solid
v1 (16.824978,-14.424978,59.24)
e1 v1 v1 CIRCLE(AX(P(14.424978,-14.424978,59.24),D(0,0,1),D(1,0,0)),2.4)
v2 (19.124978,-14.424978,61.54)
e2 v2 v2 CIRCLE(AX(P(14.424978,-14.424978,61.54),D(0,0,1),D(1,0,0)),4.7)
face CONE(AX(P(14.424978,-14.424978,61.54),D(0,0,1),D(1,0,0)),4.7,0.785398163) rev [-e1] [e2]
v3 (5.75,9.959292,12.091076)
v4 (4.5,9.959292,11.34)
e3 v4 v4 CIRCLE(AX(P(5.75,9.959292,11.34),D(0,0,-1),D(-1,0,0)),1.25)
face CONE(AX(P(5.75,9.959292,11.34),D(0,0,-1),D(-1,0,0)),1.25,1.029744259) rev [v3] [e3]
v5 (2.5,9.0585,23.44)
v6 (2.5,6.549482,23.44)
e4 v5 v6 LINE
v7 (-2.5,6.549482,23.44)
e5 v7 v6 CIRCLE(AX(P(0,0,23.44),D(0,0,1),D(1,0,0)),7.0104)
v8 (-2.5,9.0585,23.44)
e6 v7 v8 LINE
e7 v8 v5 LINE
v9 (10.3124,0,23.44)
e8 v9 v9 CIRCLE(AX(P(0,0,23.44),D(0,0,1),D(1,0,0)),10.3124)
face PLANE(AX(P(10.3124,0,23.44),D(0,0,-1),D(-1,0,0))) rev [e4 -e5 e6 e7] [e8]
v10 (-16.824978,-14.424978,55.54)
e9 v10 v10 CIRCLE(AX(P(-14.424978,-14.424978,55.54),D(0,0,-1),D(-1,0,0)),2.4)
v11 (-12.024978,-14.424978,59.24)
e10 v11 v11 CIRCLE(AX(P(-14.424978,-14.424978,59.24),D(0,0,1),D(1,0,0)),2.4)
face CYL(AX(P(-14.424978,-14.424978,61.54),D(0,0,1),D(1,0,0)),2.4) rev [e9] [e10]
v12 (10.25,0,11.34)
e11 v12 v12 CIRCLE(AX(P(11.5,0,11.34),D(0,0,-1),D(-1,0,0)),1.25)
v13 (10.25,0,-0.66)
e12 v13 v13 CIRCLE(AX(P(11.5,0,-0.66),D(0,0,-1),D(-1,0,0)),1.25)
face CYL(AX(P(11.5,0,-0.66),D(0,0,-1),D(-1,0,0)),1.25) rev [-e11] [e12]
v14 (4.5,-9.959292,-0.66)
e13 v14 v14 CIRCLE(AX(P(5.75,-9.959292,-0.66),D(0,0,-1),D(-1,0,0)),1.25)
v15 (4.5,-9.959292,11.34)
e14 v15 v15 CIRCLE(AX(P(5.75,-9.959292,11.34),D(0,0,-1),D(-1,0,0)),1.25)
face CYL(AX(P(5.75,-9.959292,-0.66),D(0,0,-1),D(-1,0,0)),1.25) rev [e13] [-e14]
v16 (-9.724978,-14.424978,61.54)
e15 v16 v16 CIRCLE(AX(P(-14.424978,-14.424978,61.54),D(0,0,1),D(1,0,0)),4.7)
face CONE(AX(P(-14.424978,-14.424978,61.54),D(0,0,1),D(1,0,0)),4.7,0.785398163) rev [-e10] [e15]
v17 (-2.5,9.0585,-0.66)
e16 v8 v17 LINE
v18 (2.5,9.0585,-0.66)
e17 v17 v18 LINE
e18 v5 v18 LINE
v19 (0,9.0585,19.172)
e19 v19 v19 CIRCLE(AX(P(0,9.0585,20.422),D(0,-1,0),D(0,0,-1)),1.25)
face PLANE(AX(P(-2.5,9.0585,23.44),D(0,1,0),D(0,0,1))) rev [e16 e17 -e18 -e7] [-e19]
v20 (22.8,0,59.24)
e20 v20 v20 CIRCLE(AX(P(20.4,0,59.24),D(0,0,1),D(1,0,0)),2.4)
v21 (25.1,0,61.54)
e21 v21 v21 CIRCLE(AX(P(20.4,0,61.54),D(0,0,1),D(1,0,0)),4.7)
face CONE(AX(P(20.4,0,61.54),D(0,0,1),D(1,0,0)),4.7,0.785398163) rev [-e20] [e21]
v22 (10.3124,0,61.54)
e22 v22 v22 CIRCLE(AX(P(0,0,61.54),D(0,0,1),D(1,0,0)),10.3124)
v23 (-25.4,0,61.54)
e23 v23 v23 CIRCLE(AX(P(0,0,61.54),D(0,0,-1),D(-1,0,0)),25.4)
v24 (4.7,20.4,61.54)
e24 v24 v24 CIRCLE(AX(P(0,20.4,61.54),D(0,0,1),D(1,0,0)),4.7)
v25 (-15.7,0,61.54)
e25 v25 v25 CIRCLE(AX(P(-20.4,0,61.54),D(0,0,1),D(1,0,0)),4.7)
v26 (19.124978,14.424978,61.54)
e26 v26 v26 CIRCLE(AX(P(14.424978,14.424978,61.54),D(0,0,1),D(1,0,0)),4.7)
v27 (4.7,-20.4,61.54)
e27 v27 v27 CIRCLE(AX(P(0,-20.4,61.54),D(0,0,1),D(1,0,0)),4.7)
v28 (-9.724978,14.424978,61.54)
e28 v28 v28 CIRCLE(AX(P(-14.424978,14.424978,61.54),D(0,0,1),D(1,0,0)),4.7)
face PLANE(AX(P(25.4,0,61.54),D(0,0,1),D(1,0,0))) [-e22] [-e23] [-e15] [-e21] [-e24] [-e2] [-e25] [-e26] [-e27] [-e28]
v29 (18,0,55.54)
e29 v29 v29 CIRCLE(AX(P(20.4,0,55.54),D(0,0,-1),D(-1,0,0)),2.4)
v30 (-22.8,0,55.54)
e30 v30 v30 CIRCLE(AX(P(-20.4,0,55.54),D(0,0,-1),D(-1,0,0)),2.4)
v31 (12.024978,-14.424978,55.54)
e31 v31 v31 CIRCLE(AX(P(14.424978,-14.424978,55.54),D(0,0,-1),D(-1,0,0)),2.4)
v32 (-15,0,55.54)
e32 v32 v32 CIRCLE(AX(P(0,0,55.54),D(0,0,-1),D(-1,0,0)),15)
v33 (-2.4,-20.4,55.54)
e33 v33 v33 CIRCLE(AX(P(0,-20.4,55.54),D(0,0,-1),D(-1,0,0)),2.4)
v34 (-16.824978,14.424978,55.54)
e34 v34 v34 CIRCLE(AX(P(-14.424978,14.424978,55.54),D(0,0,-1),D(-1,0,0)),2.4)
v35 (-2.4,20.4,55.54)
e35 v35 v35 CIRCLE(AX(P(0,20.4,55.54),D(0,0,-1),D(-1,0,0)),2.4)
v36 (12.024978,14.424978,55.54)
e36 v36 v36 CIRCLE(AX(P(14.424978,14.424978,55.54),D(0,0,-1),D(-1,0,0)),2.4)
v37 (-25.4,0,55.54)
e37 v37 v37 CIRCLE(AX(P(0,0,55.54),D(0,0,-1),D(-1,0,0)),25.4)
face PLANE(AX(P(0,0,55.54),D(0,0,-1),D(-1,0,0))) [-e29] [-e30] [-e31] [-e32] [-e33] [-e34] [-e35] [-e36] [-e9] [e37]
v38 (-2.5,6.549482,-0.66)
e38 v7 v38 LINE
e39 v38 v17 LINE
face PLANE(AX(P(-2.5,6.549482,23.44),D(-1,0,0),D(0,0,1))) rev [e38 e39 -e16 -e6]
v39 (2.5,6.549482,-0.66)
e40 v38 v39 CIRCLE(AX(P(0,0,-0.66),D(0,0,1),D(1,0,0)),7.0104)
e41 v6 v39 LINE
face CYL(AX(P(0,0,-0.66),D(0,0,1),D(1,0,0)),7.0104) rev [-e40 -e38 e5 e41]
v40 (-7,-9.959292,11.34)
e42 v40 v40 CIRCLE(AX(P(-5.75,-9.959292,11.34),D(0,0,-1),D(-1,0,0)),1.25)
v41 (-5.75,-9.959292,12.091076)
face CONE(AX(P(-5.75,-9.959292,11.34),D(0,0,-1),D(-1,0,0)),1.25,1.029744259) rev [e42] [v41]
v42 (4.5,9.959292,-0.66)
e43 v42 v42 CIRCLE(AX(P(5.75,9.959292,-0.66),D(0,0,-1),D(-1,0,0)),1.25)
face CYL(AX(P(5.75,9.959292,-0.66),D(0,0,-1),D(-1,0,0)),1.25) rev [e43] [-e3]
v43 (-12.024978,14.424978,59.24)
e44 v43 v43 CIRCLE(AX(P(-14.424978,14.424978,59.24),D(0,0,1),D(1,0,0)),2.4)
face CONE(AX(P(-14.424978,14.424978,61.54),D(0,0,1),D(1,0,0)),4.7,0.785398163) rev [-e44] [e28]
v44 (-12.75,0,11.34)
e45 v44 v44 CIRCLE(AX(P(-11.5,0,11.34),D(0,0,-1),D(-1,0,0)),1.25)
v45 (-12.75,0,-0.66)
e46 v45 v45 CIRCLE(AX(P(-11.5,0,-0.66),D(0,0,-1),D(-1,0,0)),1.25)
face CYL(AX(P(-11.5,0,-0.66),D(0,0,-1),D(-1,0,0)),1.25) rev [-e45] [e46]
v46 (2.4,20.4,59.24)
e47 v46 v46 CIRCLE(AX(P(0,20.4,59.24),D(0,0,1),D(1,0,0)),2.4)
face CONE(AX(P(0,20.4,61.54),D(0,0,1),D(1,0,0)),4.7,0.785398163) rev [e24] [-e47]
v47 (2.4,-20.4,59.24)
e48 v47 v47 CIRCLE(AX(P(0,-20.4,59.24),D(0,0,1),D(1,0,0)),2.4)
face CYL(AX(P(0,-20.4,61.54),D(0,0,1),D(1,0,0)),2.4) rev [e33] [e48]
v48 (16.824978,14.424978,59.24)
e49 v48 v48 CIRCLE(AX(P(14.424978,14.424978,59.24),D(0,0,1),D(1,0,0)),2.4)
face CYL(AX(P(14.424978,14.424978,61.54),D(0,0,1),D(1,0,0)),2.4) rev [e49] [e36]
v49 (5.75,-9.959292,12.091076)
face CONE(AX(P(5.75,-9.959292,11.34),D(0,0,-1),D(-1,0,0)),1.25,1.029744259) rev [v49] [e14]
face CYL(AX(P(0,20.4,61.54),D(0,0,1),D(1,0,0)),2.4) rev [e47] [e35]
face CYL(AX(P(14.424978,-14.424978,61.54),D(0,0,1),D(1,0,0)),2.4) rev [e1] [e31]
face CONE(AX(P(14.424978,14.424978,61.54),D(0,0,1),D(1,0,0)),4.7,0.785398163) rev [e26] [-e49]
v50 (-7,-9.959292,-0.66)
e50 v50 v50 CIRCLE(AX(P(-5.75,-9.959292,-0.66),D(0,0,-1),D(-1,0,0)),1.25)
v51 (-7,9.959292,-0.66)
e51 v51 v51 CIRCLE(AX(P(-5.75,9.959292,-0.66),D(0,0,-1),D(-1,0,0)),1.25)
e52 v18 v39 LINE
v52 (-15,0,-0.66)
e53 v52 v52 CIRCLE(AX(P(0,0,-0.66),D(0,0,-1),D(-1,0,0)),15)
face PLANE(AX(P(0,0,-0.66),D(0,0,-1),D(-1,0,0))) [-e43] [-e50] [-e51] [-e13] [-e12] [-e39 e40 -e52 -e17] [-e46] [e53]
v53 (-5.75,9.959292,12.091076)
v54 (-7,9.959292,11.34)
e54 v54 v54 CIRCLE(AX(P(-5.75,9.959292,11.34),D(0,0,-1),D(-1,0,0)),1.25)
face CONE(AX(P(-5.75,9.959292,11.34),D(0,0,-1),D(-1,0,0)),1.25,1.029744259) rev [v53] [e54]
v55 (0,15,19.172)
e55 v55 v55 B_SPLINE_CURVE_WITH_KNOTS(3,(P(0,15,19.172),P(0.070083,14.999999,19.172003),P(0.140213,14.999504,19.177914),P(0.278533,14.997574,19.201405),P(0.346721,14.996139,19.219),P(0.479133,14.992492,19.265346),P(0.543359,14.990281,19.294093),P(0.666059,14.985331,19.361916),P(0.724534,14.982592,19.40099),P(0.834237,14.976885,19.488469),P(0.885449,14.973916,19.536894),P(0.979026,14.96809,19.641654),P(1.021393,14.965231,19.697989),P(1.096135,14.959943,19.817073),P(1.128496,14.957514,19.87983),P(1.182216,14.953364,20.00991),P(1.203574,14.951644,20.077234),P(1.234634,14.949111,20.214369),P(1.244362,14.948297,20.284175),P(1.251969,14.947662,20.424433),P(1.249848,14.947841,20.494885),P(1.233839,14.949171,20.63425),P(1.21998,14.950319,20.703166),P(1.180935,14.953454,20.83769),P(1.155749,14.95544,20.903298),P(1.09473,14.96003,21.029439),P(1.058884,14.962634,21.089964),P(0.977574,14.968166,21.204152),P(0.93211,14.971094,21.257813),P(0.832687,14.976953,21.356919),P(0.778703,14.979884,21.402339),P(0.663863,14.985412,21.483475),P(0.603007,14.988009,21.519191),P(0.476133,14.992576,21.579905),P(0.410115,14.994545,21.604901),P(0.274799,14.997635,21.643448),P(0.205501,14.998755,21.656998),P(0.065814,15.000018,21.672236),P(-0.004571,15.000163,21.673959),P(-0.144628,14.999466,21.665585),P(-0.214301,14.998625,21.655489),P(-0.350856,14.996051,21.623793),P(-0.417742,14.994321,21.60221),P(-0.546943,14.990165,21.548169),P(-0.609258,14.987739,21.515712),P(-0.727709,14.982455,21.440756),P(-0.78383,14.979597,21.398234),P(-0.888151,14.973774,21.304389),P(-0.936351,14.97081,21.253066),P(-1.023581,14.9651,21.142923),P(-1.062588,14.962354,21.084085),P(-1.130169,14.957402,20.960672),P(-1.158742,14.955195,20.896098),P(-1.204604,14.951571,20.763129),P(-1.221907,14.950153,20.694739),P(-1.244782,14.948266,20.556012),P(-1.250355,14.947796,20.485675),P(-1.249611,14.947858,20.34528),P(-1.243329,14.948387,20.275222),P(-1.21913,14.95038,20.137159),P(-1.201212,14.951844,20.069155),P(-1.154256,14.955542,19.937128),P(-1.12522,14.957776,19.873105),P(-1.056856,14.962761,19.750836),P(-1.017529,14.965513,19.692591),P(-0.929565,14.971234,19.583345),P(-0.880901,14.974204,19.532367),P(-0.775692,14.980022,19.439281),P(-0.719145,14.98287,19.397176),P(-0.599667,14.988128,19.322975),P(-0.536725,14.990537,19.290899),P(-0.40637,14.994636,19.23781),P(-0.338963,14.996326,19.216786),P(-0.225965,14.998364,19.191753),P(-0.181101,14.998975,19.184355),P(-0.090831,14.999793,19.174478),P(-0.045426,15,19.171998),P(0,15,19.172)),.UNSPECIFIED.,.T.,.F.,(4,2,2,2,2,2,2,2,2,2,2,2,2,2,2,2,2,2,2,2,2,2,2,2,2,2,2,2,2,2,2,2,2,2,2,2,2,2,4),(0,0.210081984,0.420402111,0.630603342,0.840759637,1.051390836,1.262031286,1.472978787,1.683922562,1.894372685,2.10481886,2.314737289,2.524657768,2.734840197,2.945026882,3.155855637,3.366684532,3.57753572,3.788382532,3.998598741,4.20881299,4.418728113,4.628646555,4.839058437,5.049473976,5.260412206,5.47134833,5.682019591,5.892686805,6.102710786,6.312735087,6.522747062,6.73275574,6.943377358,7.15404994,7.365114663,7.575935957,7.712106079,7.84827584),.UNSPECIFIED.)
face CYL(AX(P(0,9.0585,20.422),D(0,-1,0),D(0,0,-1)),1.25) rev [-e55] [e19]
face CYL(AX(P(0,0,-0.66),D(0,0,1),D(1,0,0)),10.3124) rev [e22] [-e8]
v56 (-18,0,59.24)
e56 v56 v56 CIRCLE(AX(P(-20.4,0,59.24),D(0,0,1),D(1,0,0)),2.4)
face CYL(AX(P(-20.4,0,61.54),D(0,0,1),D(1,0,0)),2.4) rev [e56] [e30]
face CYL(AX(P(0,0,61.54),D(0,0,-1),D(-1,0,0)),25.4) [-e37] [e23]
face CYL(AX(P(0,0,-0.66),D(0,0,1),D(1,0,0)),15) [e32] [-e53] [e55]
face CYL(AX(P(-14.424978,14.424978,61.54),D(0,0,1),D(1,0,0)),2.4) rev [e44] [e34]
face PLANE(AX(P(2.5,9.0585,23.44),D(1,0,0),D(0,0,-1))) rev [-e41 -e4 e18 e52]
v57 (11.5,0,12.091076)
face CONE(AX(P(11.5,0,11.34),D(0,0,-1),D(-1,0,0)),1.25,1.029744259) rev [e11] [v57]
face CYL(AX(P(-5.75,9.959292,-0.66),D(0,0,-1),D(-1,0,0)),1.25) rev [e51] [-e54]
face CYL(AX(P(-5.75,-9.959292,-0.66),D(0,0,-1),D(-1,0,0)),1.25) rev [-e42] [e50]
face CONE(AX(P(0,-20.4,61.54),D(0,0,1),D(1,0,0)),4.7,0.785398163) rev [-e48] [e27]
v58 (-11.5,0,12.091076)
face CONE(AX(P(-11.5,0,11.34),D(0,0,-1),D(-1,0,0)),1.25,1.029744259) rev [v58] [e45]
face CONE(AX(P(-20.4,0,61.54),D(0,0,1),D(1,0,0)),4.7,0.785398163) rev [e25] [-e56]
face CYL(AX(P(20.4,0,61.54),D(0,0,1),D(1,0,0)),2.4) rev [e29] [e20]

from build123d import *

# Parameters (mm, degrees)
SKETCH1_W                                       = 25.4
SKETCH1_H                                       = 6
SKETCH2_R                                       = 15
BOSS_EXTRUDE1_DEPTH                             = 56.2
CUT_EXTRUDE1_DEPTH                              = 24.1
SKETCH5_W                                       = 1.25
SKETCH5_H                                       = 16.341500105
M3X0_5_TAPPED_HOLE1_D                           = 2.5
M3X0_5_TAPPED_HOLE1_DEPTH                       = 12
M3X0_5_TAPPED_HOLE1_TIP                         = 0.751075774
CSK_FOR_M4_FLAT_HEAD_MACHINE_SCREW1_D           = 4.8
CSK_FOR_M4_FLAT_HEAD_MACHINE_SCREW1_CSINK_D     = 9.4
CSK_FOR_M4_FLAT_HEAD_MACHINE_SCREW1_CSINK_ANGLE = 90


with BuildPart() as part:
    # Sketch1 → Revolve1 (revolve)
    with BuildSketch(Plane.XZ, mode=Mode.PRIVATE) as revolve1_sk:
        with Locations((12.7, 58.54)):
            Rectangle(SKETCH1_W, SKETCH1_H)
    revolve(revolve1_sk.sketch.rotate(Axis((0, 0, 61.54), (0, 0, -1)), 180), axis=Axis((0, 0, 61.54), (0, 0, -1)))

    # Sketch2 → Boss-Extrude1 (add)
    with BuildSketch(Plane(origin=(0, 0, 55.54), x_dir=(-1, 0, 0), z_dir=(0, 0, -1))):
        Circle(SKETCH2_R)
    extrude(amount=BOSS_EXTRUDE1_DEPTH)

    # Sketch3 → Cut-Extrude1 (cut)
    with BuildSketch(Plane(origin=(0, 0, -0.66), x_dir=(-1, 0, 0), z_dir=(0, 0, -1))):
        with BuildLine():
            Line((2.5, 9.058499895), (-2.5, 9.058499895))
            Line((-2.5, 9.058499895), (-2.5, 6.549481518))
            ThreePointArc((-2.5, 6.549481518), (0, 7.0104), (2.5, 6.549481518))
            Line((2.5, 6.549481518), (2.5, 9.058499895))
        make_face()
    extrude(amount=-CUT_EXTRUDE1_DEPTH, mode=Mode.SUBTRACT)

    # Sketch4 → Cut-Revolve1 (revolve, cut)
    with BuildSketch(Plane(origin=(0, 0, 0), x_dir=(1, 0, 0), z_dir=(0, 1, 0))):
        Polygon((7.0104, 0.66), (0, 0.66), (0, -61.54), (10.3124, -61.54), (10.3124, -23.44), (7.0104, -23.44), align=None)
    revolve(axis=Axis((0, 0, -0.66), (0, 0, 1)), mode=Mode.SUBTRACT)

    # Sketch5 → M3x0.5 Tapped Hole2 (revolve, cut)
    with BuildSketch(Plane(origin=(0, 9.058499895, 20.422), x_dir=(0, 0, -1), z_dir=(1, 0, 0))):
        with Locations((0.625, 8.170750053)):
            Rectangle(SKETCH5_W, SKETCH5_H)
    revolve(axis=Axis((0, 2.708499895, 20.422), (0, 1, 0)), mode=Mode.SUBTRACT)

    # M3x0.5 Tapped Hole1
    with Locations(Plane(origin=(0, 0, -0.66), x_dir=(-1, 0, 0), z_dir=(0, 0, -1))):
        with Locations((-11.5, 0), (-5.75, -9.959292144), (5.75, -9.959292144), (11.5, 0), (5.75, 9.959292144), (-5.75, 9.959292144)):
            Hole(M3X0_5_TAPPED_HOLE1_D / 2, depth=M3X0_5_TAPPED_HOLE1_DEPTH)
            with Locations((0, 0, -(M3X0_5_TAPPED_HOLE1_DEPTH + M3X0_5_TAPPED_HOLE1_TIP / 2))):  # 118° drill point
                Cone(0, M3X0_5_TAPPED_HOLE1_D / 2, M3X0_5_TAPPED_HOLE1_TIP, mode=Mode.SUBTRACT)

    # CSK for M4 Flat Head Machine Screw1 (through all)
    with Locations(Plane.XY.offset(61.54)):
        with Locations((0, 20.4), (14.424978336, 14.424978336), (20.4, 0), (14.424978336, -14.424978336), (0, -20.4), (-14.424978336, -14.424978336), (-20.4, 0), (-14.424978336, 14.424978336)):
            CounterSinkHole(CSK_FOR_M4_FLAT_HEAD_MACHINE_SCREW1_D / 2, CSK_FOR_M4_FLAT_HEAD_MACHINE_SCREW1_CSINK_D / 2, counter_sink_angle=CSK_FOR_M4_FLAT_HEAD_MACHINE_SCREW1_CSINK_ANGLE)


solid = part.part
